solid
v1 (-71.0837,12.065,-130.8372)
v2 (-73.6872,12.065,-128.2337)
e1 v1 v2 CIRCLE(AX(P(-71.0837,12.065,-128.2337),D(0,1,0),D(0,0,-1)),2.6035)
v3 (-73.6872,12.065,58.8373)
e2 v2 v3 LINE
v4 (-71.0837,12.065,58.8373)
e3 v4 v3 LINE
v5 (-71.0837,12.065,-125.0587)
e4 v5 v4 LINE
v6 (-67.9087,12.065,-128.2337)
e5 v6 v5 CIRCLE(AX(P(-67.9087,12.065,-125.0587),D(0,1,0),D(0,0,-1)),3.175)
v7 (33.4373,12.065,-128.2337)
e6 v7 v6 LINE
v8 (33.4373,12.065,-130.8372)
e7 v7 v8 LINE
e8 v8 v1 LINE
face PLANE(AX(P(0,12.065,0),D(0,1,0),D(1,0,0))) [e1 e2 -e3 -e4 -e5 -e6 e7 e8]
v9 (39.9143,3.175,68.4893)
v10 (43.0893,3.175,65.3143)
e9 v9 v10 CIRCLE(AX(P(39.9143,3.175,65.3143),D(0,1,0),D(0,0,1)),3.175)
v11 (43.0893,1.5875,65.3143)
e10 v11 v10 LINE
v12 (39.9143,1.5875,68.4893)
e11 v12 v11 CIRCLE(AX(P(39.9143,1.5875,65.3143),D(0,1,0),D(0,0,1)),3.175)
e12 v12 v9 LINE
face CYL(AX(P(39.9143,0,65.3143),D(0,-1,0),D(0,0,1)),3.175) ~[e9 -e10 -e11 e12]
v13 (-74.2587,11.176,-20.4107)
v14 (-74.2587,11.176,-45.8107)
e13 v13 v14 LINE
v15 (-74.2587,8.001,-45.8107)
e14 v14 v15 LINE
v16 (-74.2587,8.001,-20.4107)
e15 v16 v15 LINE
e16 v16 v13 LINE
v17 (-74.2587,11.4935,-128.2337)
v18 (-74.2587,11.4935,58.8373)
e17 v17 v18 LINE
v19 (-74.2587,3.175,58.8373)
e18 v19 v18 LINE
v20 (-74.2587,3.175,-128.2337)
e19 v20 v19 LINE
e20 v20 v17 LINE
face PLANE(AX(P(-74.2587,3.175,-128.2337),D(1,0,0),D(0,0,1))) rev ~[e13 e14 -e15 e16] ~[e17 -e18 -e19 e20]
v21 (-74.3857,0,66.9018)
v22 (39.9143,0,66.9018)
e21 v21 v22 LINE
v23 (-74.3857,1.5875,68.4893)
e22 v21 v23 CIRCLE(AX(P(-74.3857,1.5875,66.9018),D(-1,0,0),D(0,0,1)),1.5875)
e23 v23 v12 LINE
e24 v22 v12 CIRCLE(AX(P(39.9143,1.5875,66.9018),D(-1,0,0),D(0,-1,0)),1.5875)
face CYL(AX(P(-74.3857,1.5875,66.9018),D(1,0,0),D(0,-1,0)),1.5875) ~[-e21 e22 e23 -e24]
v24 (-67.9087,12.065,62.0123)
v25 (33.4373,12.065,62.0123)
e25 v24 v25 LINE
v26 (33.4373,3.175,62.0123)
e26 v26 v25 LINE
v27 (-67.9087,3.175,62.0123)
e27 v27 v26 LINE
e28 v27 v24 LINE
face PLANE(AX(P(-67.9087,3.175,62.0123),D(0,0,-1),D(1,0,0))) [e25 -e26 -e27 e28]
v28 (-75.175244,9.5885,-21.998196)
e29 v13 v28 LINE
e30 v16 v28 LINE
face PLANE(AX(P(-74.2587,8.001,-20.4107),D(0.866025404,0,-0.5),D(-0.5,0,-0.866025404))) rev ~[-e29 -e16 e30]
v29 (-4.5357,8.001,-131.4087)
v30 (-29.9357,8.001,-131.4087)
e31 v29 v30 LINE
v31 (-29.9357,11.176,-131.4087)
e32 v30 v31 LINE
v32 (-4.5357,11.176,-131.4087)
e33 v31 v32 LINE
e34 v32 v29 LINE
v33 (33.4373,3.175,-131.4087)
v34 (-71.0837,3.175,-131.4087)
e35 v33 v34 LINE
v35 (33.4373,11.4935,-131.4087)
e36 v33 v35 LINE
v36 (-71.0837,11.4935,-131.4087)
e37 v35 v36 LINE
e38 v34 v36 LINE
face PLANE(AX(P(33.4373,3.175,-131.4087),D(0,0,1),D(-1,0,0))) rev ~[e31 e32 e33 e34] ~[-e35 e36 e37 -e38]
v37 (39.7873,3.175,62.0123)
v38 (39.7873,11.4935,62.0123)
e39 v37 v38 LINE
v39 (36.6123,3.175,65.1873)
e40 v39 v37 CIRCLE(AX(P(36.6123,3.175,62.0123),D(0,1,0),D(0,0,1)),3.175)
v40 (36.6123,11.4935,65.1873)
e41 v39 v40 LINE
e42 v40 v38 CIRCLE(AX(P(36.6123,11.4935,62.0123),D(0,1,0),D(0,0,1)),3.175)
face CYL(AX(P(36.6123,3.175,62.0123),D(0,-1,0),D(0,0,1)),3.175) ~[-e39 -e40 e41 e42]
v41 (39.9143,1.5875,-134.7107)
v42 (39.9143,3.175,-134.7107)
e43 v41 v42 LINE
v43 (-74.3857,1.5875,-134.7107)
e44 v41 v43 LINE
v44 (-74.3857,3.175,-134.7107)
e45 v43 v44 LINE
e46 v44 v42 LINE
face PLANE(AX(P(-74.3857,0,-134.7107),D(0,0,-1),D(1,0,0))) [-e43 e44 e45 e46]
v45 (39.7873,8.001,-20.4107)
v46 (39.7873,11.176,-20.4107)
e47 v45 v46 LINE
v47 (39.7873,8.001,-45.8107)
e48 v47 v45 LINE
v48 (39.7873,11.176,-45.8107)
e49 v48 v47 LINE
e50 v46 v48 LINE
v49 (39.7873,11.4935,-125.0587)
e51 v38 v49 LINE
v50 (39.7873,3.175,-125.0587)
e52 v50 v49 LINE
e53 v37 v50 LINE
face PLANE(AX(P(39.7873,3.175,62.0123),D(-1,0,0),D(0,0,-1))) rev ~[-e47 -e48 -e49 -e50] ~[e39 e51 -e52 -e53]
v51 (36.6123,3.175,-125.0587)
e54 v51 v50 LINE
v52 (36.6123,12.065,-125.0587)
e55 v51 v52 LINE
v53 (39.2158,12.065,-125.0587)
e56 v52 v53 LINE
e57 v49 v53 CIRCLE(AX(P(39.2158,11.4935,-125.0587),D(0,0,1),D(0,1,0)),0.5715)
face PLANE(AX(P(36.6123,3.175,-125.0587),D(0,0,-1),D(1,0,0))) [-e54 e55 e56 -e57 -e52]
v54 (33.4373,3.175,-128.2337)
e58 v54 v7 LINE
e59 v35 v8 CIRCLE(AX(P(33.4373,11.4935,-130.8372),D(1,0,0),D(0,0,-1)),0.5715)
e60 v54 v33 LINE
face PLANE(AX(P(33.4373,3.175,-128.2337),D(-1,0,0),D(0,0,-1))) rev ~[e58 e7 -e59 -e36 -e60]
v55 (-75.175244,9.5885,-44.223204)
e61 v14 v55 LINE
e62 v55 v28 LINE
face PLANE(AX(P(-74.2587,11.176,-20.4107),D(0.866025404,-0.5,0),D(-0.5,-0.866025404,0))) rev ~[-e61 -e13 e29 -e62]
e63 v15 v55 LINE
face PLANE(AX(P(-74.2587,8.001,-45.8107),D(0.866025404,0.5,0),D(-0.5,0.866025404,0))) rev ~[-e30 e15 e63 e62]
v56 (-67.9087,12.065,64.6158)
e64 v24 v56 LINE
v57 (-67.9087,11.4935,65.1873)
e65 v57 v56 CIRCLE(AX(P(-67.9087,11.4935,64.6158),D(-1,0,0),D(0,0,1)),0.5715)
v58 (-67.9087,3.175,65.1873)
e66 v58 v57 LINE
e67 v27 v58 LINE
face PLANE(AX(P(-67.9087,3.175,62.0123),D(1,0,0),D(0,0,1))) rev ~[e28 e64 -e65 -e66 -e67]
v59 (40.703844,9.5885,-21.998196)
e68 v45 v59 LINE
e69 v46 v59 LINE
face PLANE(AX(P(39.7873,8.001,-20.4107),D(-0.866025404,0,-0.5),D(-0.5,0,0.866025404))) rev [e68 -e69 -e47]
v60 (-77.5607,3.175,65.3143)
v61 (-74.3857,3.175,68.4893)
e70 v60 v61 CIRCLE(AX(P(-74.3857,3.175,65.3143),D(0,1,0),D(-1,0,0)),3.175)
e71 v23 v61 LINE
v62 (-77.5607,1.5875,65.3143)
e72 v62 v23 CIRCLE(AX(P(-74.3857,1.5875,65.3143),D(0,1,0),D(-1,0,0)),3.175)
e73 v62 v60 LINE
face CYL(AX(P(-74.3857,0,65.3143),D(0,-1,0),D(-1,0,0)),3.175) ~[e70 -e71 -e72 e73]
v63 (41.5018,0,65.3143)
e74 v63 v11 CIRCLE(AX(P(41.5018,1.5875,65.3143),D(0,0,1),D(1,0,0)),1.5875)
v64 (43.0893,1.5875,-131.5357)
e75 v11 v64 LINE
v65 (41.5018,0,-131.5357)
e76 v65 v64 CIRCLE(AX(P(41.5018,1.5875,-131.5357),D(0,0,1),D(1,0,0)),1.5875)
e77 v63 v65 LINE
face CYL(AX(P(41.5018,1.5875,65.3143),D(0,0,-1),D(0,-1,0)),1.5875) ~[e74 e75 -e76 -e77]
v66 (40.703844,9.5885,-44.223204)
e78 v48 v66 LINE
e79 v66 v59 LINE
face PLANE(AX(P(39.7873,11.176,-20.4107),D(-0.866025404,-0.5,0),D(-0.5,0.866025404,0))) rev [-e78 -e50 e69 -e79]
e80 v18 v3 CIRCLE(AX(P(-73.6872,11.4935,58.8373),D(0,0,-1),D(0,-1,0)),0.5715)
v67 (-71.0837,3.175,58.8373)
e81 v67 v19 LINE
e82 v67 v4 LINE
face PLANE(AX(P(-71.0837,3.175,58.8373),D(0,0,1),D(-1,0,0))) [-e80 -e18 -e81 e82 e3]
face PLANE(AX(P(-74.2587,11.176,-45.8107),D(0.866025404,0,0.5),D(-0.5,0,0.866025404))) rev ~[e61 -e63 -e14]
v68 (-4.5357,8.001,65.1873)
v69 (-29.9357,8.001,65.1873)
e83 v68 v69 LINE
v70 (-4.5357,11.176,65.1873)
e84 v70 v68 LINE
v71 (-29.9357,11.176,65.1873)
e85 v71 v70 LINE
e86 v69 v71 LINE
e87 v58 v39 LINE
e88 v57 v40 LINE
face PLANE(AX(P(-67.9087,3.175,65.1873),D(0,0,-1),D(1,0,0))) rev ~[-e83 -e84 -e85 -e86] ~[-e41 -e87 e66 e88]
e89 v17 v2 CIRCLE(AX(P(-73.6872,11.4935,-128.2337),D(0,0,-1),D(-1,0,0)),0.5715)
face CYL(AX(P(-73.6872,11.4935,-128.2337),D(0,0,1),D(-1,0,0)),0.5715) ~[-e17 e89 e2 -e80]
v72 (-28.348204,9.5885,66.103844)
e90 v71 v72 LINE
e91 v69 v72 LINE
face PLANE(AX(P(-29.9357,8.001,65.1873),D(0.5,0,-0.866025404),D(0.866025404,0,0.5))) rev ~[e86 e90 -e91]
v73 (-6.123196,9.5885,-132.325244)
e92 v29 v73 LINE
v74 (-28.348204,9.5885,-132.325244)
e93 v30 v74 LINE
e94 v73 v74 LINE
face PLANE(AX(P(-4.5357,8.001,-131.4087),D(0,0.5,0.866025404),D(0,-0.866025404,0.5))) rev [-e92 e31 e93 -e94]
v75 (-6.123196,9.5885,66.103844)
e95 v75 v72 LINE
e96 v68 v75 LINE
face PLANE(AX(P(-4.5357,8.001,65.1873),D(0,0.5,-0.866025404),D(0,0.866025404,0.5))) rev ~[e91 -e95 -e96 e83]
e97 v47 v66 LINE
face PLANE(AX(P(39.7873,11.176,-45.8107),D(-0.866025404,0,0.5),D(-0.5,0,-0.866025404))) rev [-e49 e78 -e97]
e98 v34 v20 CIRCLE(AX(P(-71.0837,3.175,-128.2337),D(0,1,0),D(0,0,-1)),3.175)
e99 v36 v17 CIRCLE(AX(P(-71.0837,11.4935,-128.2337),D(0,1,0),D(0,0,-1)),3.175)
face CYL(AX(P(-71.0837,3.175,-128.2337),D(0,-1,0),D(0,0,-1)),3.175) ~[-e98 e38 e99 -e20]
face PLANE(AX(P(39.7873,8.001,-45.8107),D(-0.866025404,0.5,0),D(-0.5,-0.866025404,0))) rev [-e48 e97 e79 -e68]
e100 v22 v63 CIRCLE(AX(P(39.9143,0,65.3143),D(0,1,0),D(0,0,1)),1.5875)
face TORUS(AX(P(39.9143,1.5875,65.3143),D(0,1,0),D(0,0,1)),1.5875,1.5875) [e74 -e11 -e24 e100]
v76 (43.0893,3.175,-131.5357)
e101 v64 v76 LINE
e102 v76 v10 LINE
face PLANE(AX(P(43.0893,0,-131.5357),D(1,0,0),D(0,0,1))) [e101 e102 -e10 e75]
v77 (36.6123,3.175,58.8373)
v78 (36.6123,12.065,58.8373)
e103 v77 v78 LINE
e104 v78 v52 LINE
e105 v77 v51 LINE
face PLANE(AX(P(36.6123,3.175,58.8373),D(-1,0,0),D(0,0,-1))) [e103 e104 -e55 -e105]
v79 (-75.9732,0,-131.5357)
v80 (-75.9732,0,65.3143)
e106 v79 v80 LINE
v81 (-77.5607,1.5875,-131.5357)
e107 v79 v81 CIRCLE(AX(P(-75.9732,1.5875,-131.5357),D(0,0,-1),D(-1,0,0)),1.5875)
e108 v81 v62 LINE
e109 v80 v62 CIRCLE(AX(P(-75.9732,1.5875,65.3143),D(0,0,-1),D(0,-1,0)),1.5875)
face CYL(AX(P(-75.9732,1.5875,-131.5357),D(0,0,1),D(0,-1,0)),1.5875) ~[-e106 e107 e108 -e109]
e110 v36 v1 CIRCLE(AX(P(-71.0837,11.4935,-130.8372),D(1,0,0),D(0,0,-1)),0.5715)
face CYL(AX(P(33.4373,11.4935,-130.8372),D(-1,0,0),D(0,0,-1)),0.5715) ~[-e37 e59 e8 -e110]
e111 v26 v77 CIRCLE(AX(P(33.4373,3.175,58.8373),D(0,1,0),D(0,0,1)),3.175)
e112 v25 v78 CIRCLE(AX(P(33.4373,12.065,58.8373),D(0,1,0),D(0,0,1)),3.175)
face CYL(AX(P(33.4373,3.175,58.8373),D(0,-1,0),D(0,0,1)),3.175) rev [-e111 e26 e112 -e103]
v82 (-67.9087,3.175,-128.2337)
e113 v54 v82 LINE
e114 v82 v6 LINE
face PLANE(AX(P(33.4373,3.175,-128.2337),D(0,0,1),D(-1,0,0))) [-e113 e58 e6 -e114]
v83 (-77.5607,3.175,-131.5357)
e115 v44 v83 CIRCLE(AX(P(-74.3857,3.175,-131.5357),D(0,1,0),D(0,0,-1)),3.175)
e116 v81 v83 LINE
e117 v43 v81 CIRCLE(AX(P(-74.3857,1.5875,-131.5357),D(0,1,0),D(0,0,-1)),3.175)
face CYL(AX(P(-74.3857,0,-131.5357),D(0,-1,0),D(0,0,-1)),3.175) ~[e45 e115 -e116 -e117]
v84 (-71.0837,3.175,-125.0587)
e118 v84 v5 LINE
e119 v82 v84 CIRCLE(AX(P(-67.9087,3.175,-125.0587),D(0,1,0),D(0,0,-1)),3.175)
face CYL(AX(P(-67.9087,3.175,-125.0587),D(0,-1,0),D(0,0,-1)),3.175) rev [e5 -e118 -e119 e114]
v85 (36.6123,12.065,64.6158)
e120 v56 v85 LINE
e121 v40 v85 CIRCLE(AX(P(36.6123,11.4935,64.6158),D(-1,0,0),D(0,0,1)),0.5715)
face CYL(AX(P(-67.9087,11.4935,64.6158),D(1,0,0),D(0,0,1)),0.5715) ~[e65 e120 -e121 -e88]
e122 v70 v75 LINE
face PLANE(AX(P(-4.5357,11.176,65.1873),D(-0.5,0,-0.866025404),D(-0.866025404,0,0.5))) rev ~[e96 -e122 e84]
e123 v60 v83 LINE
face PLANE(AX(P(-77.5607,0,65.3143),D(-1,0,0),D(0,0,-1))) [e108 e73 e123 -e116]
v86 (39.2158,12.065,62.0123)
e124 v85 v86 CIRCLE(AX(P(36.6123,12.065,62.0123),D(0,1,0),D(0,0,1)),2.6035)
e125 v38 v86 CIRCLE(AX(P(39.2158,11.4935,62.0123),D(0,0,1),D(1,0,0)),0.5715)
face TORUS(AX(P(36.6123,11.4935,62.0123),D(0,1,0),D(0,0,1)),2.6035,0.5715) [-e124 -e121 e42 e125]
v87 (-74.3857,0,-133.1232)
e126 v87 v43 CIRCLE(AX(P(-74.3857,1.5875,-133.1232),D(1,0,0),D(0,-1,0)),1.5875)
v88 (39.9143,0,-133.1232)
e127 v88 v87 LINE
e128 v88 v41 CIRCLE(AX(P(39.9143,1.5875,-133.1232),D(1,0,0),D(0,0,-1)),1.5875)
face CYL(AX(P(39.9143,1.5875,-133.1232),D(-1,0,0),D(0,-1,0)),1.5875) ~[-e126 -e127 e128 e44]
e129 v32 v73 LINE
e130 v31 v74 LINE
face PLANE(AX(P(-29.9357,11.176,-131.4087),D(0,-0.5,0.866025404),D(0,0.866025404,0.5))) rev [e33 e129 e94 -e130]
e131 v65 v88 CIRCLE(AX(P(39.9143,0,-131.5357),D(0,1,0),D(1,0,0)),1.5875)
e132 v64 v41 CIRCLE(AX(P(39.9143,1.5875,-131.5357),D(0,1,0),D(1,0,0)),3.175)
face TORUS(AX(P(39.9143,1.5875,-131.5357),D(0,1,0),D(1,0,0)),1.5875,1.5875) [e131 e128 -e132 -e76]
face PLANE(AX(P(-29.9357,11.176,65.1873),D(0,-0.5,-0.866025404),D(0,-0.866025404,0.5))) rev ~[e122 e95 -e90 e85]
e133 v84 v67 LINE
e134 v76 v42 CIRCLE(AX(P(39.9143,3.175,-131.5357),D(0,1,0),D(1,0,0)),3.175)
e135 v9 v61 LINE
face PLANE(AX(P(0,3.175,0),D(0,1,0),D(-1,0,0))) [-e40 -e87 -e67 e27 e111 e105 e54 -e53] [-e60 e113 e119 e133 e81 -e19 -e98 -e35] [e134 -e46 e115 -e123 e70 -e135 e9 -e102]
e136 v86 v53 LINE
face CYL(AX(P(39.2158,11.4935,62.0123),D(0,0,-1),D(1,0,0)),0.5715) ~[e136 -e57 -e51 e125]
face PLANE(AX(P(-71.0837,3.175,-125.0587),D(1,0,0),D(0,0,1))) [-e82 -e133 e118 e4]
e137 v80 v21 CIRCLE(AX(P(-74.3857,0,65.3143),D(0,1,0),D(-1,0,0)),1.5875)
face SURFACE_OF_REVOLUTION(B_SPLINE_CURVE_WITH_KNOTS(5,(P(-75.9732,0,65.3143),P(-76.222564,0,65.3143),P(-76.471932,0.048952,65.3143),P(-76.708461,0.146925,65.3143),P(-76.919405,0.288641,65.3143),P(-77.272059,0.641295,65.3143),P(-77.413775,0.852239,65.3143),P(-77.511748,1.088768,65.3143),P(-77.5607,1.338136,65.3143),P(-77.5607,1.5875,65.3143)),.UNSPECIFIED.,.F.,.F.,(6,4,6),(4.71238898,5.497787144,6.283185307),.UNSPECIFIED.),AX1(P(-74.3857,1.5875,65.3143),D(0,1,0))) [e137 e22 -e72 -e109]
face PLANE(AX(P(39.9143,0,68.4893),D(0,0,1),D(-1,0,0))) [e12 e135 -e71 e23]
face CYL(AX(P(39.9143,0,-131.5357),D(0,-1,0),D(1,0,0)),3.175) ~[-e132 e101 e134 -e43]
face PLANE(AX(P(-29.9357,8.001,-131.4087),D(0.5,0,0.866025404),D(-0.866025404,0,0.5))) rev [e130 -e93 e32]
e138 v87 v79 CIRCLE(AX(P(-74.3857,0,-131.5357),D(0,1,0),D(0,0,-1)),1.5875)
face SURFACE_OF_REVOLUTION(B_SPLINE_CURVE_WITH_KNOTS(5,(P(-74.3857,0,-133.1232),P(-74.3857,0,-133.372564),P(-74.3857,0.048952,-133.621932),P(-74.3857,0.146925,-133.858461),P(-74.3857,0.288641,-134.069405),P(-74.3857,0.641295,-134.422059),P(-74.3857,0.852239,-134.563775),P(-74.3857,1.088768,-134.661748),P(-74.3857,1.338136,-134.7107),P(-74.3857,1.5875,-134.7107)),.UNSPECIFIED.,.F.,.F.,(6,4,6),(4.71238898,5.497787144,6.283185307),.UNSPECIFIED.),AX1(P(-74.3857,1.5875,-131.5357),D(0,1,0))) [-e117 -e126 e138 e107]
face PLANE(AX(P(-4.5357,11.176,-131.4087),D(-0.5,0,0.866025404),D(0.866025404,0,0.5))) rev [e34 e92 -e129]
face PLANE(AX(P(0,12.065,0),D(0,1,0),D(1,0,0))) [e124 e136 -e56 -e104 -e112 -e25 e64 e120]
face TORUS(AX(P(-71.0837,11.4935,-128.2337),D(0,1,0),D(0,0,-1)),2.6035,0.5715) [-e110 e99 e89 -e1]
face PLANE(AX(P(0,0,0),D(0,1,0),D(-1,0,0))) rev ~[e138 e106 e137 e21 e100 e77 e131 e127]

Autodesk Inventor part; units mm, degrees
ref_plane "YZ Plane" through (0, 0, 0) normal (1, 0, 0) x (0, 1, 0)
sketch "Sketch1" plane through (0, 0, 0) normal (0, 1, 0) x (-1, 0, 0)
  line L0 (-39.9143, 68.4893) -> (74.3857, 68.4893)
  line L1 (77.5607, 65.3143) -> (77.5607, -131.5357)
  line L2 (74.3857, -134.7107) -> (-39.9143, -134.7107)
  line L3 (-43.0893, -131.5357) -> (-43.0893, 65.3143)
  arc A0 (74.3857, -134.7107) -> (77.5607, -131.5357) centre (74.3857, -131.5357) ccw
  arc A1 (-43.0893, -131.5357) -> (-39.9143, -134.7107) centre (-39.9143, -131.5357) ccw
  arc A2 (-39.9143, 68.4893) -> (-43.0893, 65.3143) centre (-39.9143, 65.3143) ccw
  arc A3 (77.5607, 65.3143) -> (74.3857, 68.4893) centre (74.3857, 65.3143) ccw
  point P0 (0, 0)
  point P1 (-43.0893, 68.4893)
  point P2 (77.5607, -134.7107)
  point P3 (77.5607, 68.4893)
  point P4 (-43.0893, -134.7107)
  dimension "d0" = 203.2
  dimension "d1" = 120.65
  dimension "d16" = 3.175
extrude "Extrusion1" add sketch "Sketch1" along normal blind 3.175
sketch "Sketch2" plane through (0, 3.175, 0) normal (0, 1, 0) x (1, 0, 0)
  line L0 (-74.3857, -68.4893) -> (39.9143, -68.4893) projected
  line L1 (-77.5607, 131.5357) -> (-77.5607, -65.3143) projected
  line L2 (39.9143, 134.7107) -> (-74.3857, 134.7107) projected
  line L3 (43.0893, -65.3143) -> (43.0893, 131.5357) projected
  line L4 (-74.2587, 128.2337) -> (-74.2587, -62.0123)
  line L5 (-71.0837, -65.1873) -> (36.6123, -65.1873)
  line L6 (39.7873, -62.0123) -> (39.7873, 128.2337)
  line L7 (36.6123, 131.4087) -> (-71.0837, 131.4087)
  line L8 (-71.0837, 125.0587) -> (-71.0837, -58.8373)
  line L9 (-67.9087, -62.0123) -> (33.4373, -62.0123)
  line L10 (36.6123, -58.8373) -> (36.6123, 125.0587)
  line L11 (33.4373, 128.2337) -> (-67.9087, 128.2337)
  arc A0 (-74.2587, -62.0123) -> (-71.0837, -65.1873) centre (-71.0837, -62.0123) ccw
  arc A1 (-71.0837, -58.8373) -> (-67.9087, -62.0123) centre (-67.9087, -58.8373) ccw
  arc A2 (33.4373, -62.0123) -> (36.6123, -58.8373) centre (33.4373, -58.8373) ccw
  arc A3 (36.6123, -65.1873) -> (39.7873, -62.0123) centre (36.6123, -62.0123) ccw
  arc A4 (39.7873, 128.2337) -> (36.6123, 131.4087) centre (36.6123, 128.2337) ccw
  arc A5 (36.6123, 125.0587) -> (33.4373, 128.2337) centre (33.4373, 125.0587) ccw
  arc A6 (-67.9087, 128.2337) -> (-71.0837, 125.0587) centre (-67.9087, 125.0587) ccw
  arc A7 (-71.0837, 131.4087) -> (-74.2587, 128.2337) centre (-71.0837, 128.2337) ccw
  line L12 (-71.0837, -58.8373) -> (-74.2587, -58.8373)
  line L13 (-67.9087, -62.0123) -> (-67.9087, -65.1873)
  line L14 (36.6123, 125.0587) -> (39.7873, 125.0587)
  line L15 (33.4373, 128.2337) -> (33.4373, 131.4087)
  point P0 (0, 0)
  point P1 (-77.5607, -68.4893)
  point P2 (43.0893, -68.4893)
  point P3 (-77.5607, 134.7107)
  point P4 (43.0893, 134.7107)
  dimension "d11" = 3.302
  dimension "d12" = 3.175
  dimension "d13" = 3.175
extrude "Extrusion3" add sketch "Sketch2" along normal blind 8.89 contours A7 L7 L15 L11 A6 L8 L12 L4 | L9 A2 L10 L14 L6 A3 L5 L13
sketch "Sketch3" plane through (-74.2587, 3.175, -128.2337) normal (-1, 0, 0) x (0, 0, 1)
  line L0 (3.175, 0) -> (187.071, 0) projected
  line L1 (95.123, 0) -> (95.123, 6.4135)
  line L2 (82.423, 4.826) -> (107.823, 4.826)
  line L3 (107.823, 4.826) -> (107.823, 8.001)
  line L4 (107.823, 8.001) -> (82.423, 8.001)
  line L5 (82.423, 8.001) -> (82.423, 4.826)
  line L6 (82.423, 4.826) -> (107.823, 8.001) construction
  line L7 (107.823, 4.826) -> (82.423, 8.001) construction
  point P0 (128.2337, -3.175)
  dimension "d17" = 6.4135
  dimension "d18" = 25.4
  dimension "d19" = 3.175
extrude "Extrusion4" add sketch "Sketch3" along normal blind 8.255 draft -60
sketch "Sketch5" plane through (-67.9087, 3.175, 65.1873) normal (0, 0, 1) x (1, 0, 0)
  line L0 (0, 0) -> (0, 8.89) projected
  line L1 (101.346, 0) -> (101.346, 8.89) projected
  line L2 (63.373, 4.826) -> (37.973, 4.826)
  line L3 (37.973, 4.826) -> (37.973, 8.001)
  line L4 (37.973, 8.001) -> (63.373, 8.001)
  line L5 (63.373, 8.001) -> (63.373, 4.826)
  line L6 (63.373, 4.826) -> (37.973, 8.001) construction
  line L7 (37.973, 4.826) -> (63.373, 8.001) construction
  line L8 (-6.477, 0) -> (107.823, 0) projected
  point P0 (67.9087, -3.175)
  point P1 (50.673, 6.4135)
  dimension "d22" = 25.4
  dimension "d23" = 3.175
  dimension "d24" = 6.4135
extrude "Extrusion5" add sketch "Sketch5" along normal blind 8.89 draft -60
ref_plane "Work Plane1" through (-67.9087, 3.175, -33.1107) normal (0, 0, 1) x (1, 0, 0)
ref_plane "Work Plane2" through (-17.2357, 3.175, 62.0123) normal (1, 0, 0) x (0, 0, -1)
mirror "Mirror1" about plane through (-67.9087, 3.175, -33.1107) normal (0, 0, 1) of "Extrusion5"
mirror "Mirror2" about plane through (-17.2357, 3.175, 62.0123) normal (1, 0, 0) of "Extrusion4"
fillet "Fillet1" radius 1.5875 8 edges at (42.1594, 0, -133.7808) (-17.2357, 0, -134.7107) (-76.6308, 0, -133.7808) (-77.5607, 0, -33.1107) (-76.6308, 0, 67.5593) (-17.2357, 0, 68.4893) (42.1594, 0, 67.5593) (43.0893, 0, -33.1107)
fillet "Fillet2" radius 0.5715 6 edges at (38.8574, 12.065, 64.2573) (-15.6482, 12.065, 65.1873) (39.7873, 12.065, -31.5232) (-73.3288, 12.065, -130.4788) (-74.2587, 12.065, -34.6982) (-18.8232, 12.065, -131.4087)
properties part number "RemoteControllerBottom"
